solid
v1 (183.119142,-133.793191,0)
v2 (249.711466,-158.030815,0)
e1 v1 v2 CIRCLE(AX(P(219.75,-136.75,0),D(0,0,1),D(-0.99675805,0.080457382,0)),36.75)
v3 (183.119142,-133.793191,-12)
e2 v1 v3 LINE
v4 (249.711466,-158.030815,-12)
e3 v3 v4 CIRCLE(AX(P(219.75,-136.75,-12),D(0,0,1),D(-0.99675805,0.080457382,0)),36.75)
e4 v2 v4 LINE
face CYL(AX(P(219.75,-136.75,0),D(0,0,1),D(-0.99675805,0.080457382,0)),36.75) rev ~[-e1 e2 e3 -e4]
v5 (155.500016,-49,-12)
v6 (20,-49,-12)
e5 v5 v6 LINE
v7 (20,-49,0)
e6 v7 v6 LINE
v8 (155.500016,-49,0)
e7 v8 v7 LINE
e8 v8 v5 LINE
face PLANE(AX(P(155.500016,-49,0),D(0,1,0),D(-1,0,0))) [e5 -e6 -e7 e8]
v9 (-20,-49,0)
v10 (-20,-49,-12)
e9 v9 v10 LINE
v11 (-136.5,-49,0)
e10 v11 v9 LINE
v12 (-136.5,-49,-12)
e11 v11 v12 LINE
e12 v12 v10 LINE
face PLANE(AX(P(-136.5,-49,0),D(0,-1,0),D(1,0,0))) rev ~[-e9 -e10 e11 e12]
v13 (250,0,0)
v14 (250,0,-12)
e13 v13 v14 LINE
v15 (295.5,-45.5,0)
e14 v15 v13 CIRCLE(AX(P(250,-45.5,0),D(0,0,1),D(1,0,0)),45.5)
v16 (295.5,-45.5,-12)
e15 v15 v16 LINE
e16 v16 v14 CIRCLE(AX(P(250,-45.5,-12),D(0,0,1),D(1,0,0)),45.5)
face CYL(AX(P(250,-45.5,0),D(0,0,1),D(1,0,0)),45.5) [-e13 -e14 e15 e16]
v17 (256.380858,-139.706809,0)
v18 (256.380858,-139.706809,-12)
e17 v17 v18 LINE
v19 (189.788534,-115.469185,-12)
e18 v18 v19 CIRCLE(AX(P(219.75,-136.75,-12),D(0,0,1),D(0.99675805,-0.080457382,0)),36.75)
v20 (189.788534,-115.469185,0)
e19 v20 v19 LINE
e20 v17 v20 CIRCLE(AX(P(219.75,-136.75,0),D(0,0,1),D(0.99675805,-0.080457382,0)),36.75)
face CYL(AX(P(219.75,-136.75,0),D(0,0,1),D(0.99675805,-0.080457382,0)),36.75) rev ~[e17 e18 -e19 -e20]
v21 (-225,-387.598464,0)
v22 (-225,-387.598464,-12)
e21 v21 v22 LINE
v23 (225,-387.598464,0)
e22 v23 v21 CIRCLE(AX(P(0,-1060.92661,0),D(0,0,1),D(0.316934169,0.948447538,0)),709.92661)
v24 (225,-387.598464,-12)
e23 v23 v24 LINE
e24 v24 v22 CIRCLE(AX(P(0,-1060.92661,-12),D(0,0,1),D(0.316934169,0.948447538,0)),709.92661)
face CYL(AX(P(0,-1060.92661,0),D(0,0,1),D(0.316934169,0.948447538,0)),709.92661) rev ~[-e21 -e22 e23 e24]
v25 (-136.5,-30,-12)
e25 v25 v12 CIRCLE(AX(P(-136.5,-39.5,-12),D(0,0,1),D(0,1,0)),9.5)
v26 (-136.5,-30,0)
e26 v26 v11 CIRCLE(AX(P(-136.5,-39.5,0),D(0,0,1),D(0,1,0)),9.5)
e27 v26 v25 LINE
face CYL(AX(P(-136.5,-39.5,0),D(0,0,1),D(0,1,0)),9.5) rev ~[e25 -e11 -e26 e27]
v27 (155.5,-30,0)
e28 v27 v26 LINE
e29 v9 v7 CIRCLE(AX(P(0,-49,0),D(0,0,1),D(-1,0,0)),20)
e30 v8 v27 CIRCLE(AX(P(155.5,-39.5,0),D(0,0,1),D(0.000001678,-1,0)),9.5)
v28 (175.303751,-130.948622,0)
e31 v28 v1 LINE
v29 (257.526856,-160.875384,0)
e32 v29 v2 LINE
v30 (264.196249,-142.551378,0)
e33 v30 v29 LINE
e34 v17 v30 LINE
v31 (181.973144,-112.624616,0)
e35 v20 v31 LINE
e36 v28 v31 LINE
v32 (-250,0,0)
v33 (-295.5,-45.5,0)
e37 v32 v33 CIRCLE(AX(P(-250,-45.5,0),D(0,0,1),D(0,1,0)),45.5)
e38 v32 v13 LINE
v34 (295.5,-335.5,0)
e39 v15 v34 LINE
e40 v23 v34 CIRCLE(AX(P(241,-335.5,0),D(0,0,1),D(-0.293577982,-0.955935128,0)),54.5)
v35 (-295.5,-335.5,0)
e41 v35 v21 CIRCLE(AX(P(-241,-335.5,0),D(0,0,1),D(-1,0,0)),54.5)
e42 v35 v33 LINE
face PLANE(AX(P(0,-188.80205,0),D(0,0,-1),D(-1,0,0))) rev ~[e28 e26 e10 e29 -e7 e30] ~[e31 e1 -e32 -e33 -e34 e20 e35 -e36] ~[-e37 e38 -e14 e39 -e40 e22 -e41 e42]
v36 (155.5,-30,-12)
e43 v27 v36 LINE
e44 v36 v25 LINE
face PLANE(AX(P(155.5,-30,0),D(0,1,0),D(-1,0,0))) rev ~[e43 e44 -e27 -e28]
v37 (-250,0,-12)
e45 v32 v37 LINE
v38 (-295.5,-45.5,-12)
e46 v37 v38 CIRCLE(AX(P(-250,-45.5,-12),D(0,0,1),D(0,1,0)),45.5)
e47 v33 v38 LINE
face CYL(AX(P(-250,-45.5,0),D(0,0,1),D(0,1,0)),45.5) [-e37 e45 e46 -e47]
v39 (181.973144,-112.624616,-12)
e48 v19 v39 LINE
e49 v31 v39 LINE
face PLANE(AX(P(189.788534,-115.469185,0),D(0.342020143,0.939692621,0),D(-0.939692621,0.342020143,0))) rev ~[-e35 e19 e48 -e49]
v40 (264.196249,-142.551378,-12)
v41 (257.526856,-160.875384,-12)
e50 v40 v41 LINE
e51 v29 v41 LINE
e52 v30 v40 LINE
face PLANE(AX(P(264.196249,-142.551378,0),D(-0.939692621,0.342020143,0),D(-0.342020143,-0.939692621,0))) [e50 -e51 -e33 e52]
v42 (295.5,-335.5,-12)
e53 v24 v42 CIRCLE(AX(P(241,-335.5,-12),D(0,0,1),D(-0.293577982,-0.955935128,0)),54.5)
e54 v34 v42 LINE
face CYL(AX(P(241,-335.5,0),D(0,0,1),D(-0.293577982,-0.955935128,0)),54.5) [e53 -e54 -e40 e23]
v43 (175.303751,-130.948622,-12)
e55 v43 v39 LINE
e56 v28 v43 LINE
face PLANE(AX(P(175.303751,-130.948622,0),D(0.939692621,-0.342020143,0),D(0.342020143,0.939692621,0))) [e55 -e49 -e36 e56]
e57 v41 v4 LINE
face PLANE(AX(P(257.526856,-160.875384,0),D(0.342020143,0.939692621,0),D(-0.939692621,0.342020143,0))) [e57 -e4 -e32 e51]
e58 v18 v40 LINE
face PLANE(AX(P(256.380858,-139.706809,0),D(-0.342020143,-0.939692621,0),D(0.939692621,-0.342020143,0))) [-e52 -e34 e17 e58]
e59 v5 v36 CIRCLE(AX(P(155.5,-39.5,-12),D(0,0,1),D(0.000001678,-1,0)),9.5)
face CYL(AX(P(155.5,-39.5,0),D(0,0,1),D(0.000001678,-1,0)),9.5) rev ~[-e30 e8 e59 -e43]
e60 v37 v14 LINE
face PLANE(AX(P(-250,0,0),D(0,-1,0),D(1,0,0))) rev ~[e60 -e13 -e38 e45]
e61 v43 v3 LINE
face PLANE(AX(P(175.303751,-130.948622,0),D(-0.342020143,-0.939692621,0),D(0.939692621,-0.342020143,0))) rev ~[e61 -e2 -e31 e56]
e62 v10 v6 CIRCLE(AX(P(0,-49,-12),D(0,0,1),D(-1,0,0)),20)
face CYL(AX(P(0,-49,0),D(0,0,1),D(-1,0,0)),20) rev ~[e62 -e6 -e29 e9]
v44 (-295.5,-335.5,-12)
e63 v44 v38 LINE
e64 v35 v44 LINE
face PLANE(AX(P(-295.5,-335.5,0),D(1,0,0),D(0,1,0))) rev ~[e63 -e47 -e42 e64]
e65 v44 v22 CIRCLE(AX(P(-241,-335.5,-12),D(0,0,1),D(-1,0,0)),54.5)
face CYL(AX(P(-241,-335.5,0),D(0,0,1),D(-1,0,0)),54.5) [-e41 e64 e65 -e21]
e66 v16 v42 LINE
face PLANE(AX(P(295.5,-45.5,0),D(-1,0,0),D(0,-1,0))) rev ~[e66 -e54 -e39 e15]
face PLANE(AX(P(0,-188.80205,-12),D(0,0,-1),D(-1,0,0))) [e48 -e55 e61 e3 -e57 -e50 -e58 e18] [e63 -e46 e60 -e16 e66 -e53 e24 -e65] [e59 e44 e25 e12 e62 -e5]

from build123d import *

# Parameters (mm, degrees)
PAD_DEPTH       = 12
POCKET_DEPTH    = 12
POCKET001_DEPTH = 12


with BuildPart() as part:
    # Sketch → Pad (new body)
    with BuildSketch(Plane.XY):
        with BuildLine():
            Line((-250, 0), (250, 0))
            ThreePointArc((295.5, -45.5), (282.173358544, -13.326641456), (250, 0))
            Line((295.5, -45.5), (295.5, -335.5))
            ThreePointArc((225, -387.5984644687), (273.3901991349, -379.3306399679), (295.5, -335.5))
            ThreePointArc((225, -387.5984644687), (0, -351), (-225, -387.5984644687))
            ThreePointArc((-295.5, -335.5), (-273.3901991349, -379.3306399679), (-225, -387.5984644687))
            Line((-295.5, -335.5), (-295.5, -45.5))
            ThreePointArc((-250, 0), (-282.173358544, -13.326641456), (-295.5, -45.5))
        make_face()
    extrude(amount=-PAD_DEPTH)

    # Sketch001 → Pocket (cut)
    with BuildSketch(Plane.XY):
        with BuildLine():
            ThreePointArc((-136.5, -30), (-146, -39.5), (-136.5, -49))
            Line((-136.5, -49), (-20, -49))
            ThreePointArc((-20, -49), (0, -69), (20, -49))
            Line((155.5000159433, -49), (20, -49))
            ThreePointArc((155.5000159433, -49), (165, -39.4999920284), (155.5, -30))
            Line((155.5, -30), (-136.5, -30))
        make_face()
    extrude(amount=-POCKET_DEPTH, mode=Mode.SUBTRACT)

    # Sketch002 → Pocket001 (cut)
    with BuildSketch(Plane.XY):
        with BuildLine():
            ThreePointArc((256.3808583259, -139.7068088046), (232.3192402672, -102.2162961861), (189.7885344689, -115.4691850901))
            Line((189.7885344689, -115.4691850901), (181.973144238, -112.6246156768))
            Line((175.3037514432, -130.9486217822), (181.973144238, -112.6246156768))
            Line((175.3037514432, -130.9486217822), (183.1191416741, -133.7931911954))
            ThreePointArc((183.1191416741, -133.7931911954), (207.1807597328, -171.2837038139), (249.7114655311, -158.0308149099))
            Line((257.526855762, -160.8753843232), (249.7114655311, -158.0308149099))
            Line((264.1962485568, -142.5513782178), (257.526855762, -160.8753843232))
            Line((256.3808583259, -139.7068088046), (264.1962485568, -142.5513782178))
        make_face()
    extrude(amount=-POCKET001_DEPTH, mode=Mode.SUBTRACT)


solid = part.part
